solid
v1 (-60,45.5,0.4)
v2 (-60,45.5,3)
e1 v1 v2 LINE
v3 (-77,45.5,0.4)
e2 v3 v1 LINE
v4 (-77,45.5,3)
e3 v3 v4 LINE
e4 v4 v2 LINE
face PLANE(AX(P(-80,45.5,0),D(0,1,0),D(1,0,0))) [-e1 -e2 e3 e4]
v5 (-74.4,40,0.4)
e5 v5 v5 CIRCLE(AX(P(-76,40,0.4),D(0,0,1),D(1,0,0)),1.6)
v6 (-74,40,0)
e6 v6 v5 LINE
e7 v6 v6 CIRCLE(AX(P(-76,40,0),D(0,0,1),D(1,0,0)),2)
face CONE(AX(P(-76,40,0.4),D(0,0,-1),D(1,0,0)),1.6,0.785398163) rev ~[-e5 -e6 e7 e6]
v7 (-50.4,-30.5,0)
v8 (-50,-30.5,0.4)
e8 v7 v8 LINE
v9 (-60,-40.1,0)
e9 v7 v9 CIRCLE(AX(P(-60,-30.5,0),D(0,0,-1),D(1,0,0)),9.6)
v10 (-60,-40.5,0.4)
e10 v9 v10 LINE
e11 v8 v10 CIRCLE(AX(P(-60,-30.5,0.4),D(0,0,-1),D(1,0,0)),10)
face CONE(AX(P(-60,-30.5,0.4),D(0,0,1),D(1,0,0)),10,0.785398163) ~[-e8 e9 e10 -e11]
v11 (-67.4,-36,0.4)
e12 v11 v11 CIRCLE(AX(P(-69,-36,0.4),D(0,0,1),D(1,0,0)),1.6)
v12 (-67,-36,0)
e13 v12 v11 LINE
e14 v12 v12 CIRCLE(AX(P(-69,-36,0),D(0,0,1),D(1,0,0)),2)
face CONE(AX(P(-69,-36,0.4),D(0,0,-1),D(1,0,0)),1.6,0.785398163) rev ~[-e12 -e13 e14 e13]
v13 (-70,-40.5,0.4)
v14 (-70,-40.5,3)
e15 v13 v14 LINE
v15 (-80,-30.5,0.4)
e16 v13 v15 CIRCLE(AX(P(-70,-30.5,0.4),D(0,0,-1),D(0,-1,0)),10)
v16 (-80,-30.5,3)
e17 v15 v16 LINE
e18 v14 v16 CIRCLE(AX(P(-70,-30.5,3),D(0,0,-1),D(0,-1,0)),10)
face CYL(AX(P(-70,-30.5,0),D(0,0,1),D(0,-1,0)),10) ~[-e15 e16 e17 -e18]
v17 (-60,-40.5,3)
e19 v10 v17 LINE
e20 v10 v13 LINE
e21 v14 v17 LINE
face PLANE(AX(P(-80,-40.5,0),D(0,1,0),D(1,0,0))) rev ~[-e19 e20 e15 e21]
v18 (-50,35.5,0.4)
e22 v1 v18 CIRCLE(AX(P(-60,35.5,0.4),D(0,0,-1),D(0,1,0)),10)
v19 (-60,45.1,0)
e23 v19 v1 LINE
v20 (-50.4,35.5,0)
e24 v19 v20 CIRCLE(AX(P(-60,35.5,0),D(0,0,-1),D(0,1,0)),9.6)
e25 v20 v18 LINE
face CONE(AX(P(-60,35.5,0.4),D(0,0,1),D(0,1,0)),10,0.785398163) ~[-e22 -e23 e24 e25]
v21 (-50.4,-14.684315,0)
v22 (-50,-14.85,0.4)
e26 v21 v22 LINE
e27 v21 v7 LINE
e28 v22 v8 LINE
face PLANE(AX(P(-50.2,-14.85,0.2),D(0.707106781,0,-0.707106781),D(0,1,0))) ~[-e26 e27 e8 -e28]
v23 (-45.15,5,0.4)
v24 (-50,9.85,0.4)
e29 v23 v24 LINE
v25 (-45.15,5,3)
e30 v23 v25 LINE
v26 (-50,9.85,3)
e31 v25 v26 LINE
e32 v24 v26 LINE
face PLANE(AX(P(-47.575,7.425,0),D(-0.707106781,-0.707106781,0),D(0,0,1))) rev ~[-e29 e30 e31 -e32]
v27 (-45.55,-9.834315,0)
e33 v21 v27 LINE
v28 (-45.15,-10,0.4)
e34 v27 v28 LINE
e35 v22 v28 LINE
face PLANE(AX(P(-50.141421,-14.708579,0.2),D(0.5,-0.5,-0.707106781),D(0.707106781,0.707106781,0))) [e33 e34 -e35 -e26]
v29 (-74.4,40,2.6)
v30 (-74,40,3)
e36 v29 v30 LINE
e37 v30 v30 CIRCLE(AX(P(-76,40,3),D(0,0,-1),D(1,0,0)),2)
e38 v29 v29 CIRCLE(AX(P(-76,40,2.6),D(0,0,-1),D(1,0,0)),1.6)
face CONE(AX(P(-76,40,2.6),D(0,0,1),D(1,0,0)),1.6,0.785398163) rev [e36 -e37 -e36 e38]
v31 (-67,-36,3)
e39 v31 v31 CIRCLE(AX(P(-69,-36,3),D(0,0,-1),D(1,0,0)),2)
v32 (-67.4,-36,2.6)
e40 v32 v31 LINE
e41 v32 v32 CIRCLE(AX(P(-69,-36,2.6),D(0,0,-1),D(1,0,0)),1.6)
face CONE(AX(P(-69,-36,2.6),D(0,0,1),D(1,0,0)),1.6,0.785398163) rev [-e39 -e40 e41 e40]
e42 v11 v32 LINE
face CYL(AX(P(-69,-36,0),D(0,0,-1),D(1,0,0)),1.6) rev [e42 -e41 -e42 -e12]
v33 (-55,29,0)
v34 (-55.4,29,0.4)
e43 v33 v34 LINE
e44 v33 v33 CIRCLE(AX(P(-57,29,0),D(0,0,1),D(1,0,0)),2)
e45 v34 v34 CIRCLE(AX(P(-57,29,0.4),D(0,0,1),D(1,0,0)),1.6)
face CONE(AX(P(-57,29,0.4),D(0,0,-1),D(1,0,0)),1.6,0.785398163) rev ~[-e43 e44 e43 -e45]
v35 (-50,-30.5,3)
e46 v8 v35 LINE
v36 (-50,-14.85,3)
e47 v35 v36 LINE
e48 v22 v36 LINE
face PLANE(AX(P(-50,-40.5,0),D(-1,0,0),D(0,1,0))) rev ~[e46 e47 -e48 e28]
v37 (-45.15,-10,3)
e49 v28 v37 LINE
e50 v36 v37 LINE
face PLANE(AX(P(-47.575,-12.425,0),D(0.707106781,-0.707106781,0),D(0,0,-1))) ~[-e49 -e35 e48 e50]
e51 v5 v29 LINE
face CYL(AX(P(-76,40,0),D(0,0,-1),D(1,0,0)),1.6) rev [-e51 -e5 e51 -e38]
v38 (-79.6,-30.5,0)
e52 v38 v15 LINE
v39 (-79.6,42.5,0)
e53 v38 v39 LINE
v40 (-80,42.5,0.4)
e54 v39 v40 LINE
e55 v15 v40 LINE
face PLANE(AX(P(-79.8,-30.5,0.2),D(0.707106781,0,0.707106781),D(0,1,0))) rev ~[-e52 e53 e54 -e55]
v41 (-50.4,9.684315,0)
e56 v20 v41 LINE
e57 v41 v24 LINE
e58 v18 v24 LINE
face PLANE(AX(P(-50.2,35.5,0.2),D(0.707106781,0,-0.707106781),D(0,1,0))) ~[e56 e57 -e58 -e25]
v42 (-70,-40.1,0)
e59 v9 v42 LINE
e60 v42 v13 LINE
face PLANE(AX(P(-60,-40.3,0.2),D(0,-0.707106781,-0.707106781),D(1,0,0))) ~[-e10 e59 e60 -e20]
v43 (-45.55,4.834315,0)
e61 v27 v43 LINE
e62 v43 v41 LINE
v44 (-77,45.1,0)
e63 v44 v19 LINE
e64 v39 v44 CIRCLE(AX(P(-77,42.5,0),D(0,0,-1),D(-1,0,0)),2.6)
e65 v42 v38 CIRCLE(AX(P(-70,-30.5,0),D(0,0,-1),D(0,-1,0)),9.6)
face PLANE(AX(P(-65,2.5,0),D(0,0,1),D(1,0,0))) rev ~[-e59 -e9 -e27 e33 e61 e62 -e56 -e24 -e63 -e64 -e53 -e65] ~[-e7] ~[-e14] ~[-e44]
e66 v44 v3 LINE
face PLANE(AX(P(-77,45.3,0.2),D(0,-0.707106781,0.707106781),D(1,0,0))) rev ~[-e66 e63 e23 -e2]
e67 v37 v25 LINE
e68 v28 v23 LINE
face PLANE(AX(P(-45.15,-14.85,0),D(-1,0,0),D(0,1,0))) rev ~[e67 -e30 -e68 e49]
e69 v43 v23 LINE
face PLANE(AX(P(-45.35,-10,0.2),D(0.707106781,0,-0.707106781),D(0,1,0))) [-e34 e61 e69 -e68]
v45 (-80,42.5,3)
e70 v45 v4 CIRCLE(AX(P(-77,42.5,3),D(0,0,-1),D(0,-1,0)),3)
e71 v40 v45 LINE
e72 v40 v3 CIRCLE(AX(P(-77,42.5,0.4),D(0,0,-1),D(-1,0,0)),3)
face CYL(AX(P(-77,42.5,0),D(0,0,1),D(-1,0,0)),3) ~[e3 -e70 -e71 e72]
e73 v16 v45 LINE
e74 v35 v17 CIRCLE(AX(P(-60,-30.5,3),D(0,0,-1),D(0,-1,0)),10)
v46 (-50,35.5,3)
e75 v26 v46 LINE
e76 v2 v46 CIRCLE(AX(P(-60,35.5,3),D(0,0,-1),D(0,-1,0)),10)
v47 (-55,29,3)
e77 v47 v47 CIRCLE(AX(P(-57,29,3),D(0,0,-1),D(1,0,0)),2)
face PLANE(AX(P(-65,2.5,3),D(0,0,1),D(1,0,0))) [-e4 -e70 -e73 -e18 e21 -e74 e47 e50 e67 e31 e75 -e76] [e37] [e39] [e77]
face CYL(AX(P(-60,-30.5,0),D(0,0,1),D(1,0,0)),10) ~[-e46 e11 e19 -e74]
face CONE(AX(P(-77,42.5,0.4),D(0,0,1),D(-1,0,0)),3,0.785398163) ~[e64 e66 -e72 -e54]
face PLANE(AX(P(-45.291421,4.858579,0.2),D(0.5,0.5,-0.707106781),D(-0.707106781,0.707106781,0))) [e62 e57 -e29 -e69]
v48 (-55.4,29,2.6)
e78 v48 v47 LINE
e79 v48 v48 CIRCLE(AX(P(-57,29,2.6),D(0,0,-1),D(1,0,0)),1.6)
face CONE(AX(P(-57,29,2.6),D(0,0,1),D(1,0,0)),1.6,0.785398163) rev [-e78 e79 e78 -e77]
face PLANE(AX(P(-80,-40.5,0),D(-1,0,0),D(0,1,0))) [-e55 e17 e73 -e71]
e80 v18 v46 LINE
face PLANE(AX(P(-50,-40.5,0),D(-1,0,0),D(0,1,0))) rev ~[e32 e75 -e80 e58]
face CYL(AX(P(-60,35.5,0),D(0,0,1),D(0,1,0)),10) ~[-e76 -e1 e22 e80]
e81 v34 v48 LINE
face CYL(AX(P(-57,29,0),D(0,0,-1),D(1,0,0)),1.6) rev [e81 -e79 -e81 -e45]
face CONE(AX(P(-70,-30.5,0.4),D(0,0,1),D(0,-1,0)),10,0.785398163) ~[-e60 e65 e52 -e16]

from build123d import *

# Parameters (mm, degrees)
BOX037_W          = 10
BOX037_H          = 24.7
BOX037_DEPTH      = 3
CHAMFER042_SIZE   = 4.85
CYLINDER020_R     = 1.6
CYLINDER020_DEPTH = 10
CYLINDER019_R     = 1.6
CYLINDER019_DEPTH = 10
CYLINDER021_R     = 1.6
CYLINDER021_DEPTH = 10
BOX035_W          = 30
BOX035_H          = 86
BOX035_DEPTH      = 3
FILLET007_R       = 10
FILLET009_R       = 10
FILLET011_R       = 3
CHAMFER045_SIZE   = 0.4
CHAMFER049_SIZE   = 0.4


with BuildPart() as chamfer042:
    # Box037 → Box037 (new body)
    with BuildSketch(Plane(origin=(-55.15, -14.85, 0), x_dir=(1, 0, 0), z_dir=(0, 0, 1))):
        with Locations((5, 12.35)):
            Rectangle(BOX037_W, BOX037_H)
    extrude(amount=BOX037_DEPTH)

    # Chamfer042
    chamfer042_edges = [chamfer042.edges().sort_by_distance(p)[0] for p in [
        (-45.15, -14.85, 1.5),
        (-45.15, 9.85, 1.5),
    ]]
    chamfer(chamfer042_edges, length=CHAMFER042_SIZE)


with BuildPart() as cylinder020:
    # Cylinder020 → Cylinder020 (new body)
    with BuildSketch(Plane(origin=(-76, 40, 0), x_dir=(1, 0, 0), z_dir=(0, 0, 1))):
        Circle(CYLINDER020_R)
    extrude(amount=CYLINDER020_DEPTH)


with BuildPart() as cylinder019:
    # Cylinder019 → Cylinder019 (new body)
    with BuildSketch(Plane(origin=(-57, 29, 0), x_dir=(1, 0, 0), z_dir=(0, 0, 1))):
        Circle(CYLINDER019_R)
    extrude(amount=CYLINDER019_DEPTH)


with BuildPart() as fusion002003013:
    # Cylinder021 → Cylinder021 (new body)
    with BuildSketch(Plane(origin=(-69, -36, 0), x_dir=(1, 0, 0), z_dir=(0, 0, 1))):
        Circle(CYLINDER021_R)
    extrude(amount=CYLINDER021_DEPTH)

    # Fusion002003013: union Cylinder020, Cylinder019
    add(cylinder020.part)
    add(cylinder019.part)


with BuildPart() as left_drill:
    # Box035 → Box035 (new body)
    with BuildSketch(Plane(origin=(-80, -40.5, 0), x_dir=(1, 0, 0), z_dir=(0, 0, 1))):
        with Locations((15, 43)):
            Rectangle(BOX035_W, BOX035_H)
    extrude(amount=BOX035_DEPTH)

    # Cut010: cut Fusion002003013
    add(fusion002003013.part, mode=Mode.SUBTRACT)

    # Fusion002003016: union Chamfer042
    add(chamfer042.part)

    # Fillet007
    fillet007_edges = [left_drill.edges().sort_by_distance(p)[0] for p in [
        (-50, -40.5, 1.5),
        (-50, 45.5, 1.5),
    ]]
    fillet(fillet007_edges, radius=FILLET007_R)

    # Fillet009
    fillet009_edges = [left_drill.edges().sort_by_distance(p)[0] for p in [
        (-80, -40.5, 1.5),
    ]]
    fillet(fillet009_edges, radius=FILLET009_R)

    # Fillet011
    fillet011_edges = [left_drill.edges().sort_by_distance(p)[0] for p in [
        (-80, 45.5, 1.5),
    ]]
    fillet(fillet011_edges, radius=FILLET011_R)

    # Chamfer045
    chamfer045_edges = [left_drill.edges().sort_by_distance(p)[0] for p in [
        (-80, 6, 0),
        (-79.12132, 44.62132, 0),
        (-68.5, 45.5, 0),
        (-52.928932, 42.571068, 0),
        (-50, 22.675, 0),
        (-47.575, 7.425, 0),
        (-45.15, -2.5, 0),
        (-47.575, -12.425, 0),
        (-50, -22.675, 0),
        (-52.928932, -37.571068, 0),
        (-65, -40.5, 0),
        (-77.071068, -37.571068, 0),
        (-58.6, 29, 0),
        (-70.6, -36, 0),
        (-77.6, 40, 0),
    ]]
    chamfer(chamfer045_edges, length=CHAMFER045_SIZE)

    # Chamfer049
    chamfer049_edges = [left_drill.edges().sort_by_distance(p)[0] for p in [
        (-58.6, 29, 3),
        (-70.6, -36, 3),
        (-77.6, 40, 3),
    ]]
    chamfer(chamfer049_edges, length=CHAMFER049_SIZE)


solid = left_drill.part
